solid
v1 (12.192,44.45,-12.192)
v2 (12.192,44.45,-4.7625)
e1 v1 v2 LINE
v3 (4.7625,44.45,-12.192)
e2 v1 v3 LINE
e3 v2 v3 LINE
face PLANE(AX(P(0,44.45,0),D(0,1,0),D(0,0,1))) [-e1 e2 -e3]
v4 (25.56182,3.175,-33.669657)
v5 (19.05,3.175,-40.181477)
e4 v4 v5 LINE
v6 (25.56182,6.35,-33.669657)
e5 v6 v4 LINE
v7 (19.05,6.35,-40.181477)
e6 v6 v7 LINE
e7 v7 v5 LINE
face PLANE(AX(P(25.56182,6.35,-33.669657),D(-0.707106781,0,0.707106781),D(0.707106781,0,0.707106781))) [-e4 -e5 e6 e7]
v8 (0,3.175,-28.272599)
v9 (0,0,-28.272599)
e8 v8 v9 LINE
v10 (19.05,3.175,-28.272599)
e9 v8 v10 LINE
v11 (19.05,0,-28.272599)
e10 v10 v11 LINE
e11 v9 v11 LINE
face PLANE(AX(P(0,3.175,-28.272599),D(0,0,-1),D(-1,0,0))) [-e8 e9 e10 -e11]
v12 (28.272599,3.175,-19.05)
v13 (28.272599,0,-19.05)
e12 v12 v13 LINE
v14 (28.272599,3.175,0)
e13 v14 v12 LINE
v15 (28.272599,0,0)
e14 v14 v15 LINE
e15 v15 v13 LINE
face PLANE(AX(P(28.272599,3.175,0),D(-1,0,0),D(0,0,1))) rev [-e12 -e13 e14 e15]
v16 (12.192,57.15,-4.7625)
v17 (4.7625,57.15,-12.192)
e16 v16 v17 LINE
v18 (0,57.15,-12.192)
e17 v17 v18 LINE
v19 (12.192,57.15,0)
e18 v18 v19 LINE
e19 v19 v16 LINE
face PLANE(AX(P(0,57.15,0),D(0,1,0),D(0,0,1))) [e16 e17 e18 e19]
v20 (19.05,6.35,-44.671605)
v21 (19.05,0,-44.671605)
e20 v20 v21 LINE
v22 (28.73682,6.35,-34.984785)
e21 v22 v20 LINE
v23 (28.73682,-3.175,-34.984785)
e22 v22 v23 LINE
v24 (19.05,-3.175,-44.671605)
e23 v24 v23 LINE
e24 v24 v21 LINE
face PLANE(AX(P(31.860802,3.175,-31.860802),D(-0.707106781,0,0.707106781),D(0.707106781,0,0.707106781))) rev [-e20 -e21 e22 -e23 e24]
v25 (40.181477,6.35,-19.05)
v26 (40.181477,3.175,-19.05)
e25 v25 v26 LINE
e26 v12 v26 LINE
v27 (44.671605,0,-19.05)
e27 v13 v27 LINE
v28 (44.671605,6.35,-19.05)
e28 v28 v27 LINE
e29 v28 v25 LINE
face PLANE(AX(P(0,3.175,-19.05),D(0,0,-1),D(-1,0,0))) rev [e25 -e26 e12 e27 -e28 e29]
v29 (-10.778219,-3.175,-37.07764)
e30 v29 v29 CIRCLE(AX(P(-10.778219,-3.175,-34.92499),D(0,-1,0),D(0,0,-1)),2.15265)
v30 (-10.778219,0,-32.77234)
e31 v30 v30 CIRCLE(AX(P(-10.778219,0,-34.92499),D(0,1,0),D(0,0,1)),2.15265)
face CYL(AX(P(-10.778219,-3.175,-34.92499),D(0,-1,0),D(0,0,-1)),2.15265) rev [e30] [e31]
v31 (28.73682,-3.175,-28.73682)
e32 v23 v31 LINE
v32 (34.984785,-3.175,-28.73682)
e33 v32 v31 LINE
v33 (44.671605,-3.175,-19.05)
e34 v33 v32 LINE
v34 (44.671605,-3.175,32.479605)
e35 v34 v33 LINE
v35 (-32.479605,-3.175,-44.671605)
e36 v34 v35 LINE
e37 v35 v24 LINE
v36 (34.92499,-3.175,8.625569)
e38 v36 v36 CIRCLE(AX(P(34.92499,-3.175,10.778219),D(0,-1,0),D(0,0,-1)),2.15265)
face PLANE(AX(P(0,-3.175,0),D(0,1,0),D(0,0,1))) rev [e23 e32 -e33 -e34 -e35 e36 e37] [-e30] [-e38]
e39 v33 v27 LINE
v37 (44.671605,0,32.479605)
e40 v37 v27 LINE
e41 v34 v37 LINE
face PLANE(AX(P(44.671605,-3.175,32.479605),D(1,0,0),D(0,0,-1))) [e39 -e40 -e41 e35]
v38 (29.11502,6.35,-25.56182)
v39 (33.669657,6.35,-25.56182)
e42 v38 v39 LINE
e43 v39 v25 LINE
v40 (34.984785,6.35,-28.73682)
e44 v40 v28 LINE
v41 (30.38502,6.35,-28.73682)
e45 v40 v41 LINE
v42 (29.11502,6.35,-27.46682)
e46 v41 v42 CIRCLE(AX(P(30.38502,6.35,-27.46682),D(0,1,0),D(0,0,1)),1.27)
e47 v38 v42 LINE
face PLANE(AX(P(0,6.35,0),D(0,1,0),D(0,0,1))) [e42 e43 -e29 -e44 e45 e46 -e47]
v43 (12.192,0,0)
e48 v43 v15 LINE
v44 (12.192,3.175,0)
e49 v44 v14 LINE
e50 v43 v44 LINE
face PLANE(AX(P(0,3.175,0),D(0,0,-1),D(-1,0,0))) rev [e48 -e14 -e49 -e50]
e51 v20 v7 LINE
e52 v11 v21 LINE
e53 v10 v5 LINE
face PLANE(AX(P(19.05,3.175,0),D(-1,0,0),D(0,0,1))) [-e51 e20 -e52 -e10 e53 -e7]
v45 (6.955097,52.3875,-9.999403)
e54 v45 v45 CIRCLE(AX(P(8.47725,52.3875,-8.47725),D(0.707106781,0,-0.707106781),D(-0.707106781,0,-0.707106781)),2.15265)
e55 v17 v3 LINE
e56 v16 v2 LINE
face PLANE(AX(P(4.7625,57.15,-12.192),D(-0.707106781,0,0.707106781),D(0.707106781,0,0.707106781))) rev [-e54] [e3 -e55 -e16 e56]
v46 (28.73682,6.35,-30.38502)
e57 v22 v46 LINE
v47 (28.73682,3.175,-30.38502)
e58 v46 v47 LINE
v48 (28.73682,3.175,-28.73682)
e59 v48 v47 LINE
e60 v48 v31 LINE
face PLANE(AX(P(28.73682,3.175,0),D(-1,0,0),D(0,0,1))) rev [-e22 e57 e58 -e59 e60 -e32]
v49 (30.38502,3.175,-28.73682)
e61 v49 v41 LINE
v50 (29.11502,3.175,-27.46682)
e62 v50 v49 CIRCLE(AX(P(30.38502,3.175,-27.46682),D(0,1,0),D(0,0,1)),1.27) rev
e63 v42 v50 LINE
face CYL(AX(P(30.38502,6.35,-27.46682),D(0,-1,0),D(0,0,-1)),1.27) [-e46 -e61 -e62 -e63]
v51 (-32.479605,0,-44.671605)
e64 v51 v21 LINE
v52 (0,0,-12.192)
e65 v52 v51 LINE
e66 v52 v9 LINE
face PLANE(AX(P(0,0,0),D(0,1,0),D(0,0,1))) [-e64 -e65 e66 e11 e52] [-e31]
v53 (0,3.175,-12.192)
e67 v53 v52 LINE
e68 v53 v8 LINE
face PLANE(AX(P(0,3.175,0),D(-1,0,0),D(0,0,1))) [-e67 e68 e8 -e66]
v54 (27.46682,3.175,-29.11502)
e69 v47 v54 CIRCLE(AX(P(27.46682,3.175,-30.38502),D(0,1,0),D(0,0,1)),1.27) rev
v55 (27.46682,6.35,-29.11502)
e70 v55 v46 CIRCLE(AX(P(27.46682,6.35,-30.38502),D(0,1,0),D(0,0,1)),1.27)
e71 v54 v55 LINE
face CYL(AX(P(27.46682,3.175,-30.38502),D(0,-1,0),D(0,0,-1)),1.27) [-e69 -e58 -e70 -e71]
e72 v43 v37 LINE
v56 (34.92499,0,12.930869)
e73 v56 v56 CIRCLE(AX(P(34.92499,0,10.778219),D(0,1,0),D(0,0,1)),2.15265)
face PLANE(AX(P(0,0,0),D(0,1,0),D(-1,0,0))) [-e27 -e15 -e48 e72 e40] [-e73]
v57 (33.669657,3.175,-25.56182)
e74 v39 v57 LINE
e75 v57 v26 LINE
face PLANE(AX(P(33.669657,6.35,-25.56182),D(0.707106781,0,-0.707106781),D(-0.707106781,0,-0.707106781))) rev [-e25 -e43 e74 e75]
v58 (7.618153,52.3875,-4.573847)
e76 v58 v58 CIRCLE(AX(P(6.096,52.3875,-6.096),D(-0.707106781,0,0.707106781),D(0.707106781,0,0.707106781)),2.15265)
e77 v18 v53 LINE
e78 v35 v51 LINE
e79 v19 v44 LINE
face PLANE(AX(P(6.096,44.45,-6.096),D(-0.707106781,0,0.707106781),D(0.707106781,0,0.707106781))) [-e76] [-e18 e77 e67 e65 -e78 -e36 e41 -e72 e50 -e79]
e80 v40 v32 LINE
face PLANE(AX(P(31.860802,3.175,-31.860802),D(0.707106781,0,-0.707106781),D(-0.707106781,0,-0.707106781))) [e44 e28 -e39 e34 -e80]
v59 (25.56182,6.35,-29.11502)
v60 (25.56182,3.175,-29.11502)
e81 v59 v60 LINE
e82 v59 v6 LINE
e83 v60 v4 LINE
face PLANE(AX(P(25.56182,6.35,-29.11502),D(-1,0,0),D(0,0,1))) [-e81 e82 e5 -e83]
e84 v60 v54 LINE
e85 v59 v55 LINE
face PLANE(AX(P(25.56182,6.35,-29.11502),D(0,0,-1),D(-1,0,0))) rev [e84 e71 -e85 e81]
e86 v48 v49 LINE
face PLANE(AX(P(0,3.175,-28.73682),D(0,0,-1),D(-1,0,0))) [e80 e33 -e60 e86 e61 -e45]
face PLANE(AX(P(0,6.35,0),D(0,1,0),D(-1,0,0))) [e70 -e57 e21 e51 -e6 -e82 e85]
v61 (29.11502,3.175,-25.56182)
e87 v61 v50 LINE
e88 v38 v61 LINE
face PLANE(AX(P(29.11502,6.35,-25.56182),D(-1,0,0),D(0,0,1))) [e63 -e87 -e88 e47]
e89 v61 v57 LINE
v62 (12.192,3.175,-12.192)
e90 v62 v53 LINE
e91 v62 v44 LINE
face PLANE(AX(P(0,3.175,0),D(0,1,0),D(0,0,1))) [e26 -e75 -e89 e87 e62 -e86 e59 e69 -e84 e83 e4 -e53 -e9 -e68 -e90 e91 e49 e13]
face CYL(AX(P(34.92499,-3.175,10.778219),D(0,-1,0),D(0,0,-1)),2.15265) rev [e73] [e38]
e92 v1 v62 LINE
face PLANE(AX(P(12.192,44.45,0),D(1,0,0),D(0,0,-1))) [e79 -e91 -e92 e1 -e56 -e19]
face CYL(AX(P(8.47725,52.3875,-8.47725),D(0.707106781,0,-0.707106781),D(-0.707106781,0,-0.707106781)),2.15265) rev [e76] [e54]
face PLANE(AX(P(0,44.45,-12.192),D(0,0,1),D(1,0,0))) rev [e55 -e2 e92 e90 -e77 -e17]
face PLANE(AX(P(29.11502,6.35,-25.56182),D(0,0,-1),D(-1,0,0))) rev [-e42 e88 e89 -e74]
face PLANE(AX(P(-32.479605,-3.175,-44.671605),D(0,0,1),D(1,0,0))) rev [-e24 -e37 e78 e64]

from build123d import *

# Parameters (mm, degrees)
BOSS_EXTRUDE1_DEPTH          = 3.175
BOSS_EXTRUDE2_DEPTH          = 3.175
FILLET1_R                    = 1.27
BOSS_EXTRUDE3_DEPTH          = 41.275
FILLET1_OF_MIRROR2_R         = 1.27
BOSS_EXTRUDE4_DEPTH          = 12.7
F_18_0_1695_DIAMETER_HOLE1_D = 4.3053
CUT_EXTRUDE1_DEPTH           = 9.525
BOSS_EXTRUDE5_DEPTH          = 3.175
F_18_0_1695_DIAMETER_HOLE2_D = 4.3053


with BuildPart() as part:
    # Sketch1 → Boss-Extrude1 (new body)
    with BuildSketch(Plane(origin=(0, 0, 0), x_dir=(1, 0, 0), z_dir=(0, 1, 0))):
        Polygon((34.984785044, 28.736819587), (28.736819587, 28.736819587), (0, 0), (28.272599075, 0), (28.272599075, 19.05), (44.671604631, 19.05), align=None)
    boss_extrude1 = extrude(amount=BOSS_EXTRUDE1_DEPTH)

    # Mirror1: Boss-Extrude1 across plane
    add(boss_extrude1.mirror(Plane(origin=(0, 3.175, 0), x_dir=(-0.7071067811865507, 0, 0.7071067811865444), z_dir=(-0.7071067811865446, 0, -0.7071067811865506))))

    # Sketch2 → Boss-Extrude2 (add)
    with BuildSketch(Plane(origin=(0, 3.175, 0), x_dir=(1, 0, 0), z_dir=(0, 1, 0))):
        Polygon((29.11502011, 25.561819587), (29.11502011, 28.736819587), (34.984785044, 28.736819587), (44.671604631, 19.05), (40.181476571, 19.05), (33.669656983, 25.561819587), align=None)
    boss_extrude2 = extrude(amount=BOSS_EXTRUDE2_DEPTH)

    # Fillet1
    fillet1_edges = [part.edges().sort_by_distance(p)[0] for p in [
        (29.11502011, 4.7625, -28.736819587),
    ]]
    fillet(fillet1_edges, radius=FILLET1_R)

    # Sketch2<3> → Boss-Extrude3 (add)
    with BuildSketch(Plane(origin=(0, 3.175, 0), x_dir=(1, 0, 0), z_dir=(0, 1, 0))):
        Polygon((12.192, 0), (12.192, 12.192), (6.096, 6.096), align=None)
    boss_extrude3 = extrude(amount=BOSS_EXTRUDE3_DEPTH)

    # Mirror2: Boss-Extrude2, Boss-Extrude3 across plane
    add(boss_extrude2.mirror(Plane(origin=(0, 0, 0), x_dir=(-0.7071067811865506, 0, 0.7071067811865445), z_dir=(0.7071067811865445, 0, 0.7071067811865506))))
    add(boss_extrude3.mirror(Plane(origin=(0, 0, 0), x_dir=(-0.7071067811865506, 0, 0.7071067811865445), z_dir=(0.7071067811865445, 0, 0.7071067811865506))))

    # Fillet1 of Mirror2
    fillet1_of_mirror2_edges = [part.edges().sort_by_distance(p)[0] for p in [
        (28.736819587, 4.7625, -29.11502011),
    ]]
    fillet(fillet1_of_mirror2_edges, radius=FILLET1_OF_MIRROR2_R)

    # Sketch4 → Boss-Extrude4 (add)
    with BuildSketch(Plane(origin=(0, 44.45, 0), x_dir=(1, 0, 0), z_dir=(0, 1, 0))):
        Polygon((12.192, 0), (0, 12.192), (4.7625, 12.192), (12.192, 4.7625), align=None)
    extrude(amount=BOSS_EXTRUDE4_DEPTH)

    # #18 (0.1695) Diameter Hole1 (through all)
    with Locations(Plane(origin=(8.47725, 0, -8.47725), x_dir=(-0.7071067811865449, 0, -0.7071067811865502), z_dir=(0.7071067811865502, 0, -0.7071067811865449))):
        with Locations((0, 52.3875)):
            Hole(F_18_0_1695_DIAMETER_HOLE1_D / 2)

    # Sketch7 → Cut-Extrude1 (cut)
    with BuildSketch(Plane(origin=(0, 3.175, 0), x_dir=(1, 0, 0), z_dir=(0, 1, 0))):
        Polygon((0, 0), (12.192, 0), (0, 12.192), align=None)
    extrude(amount=-CUT_EXTRUDE1_DEPTH, mode=Mode.SUBTRACT)

    # Sketch8 → Boss-Extrude5 (add)
    with BuildSketch(Plane(origin=(0, 0, 0), x_dir=(-1, 0, 0), z_dir=(0, -1, 0))):
        Polygon((-6.096, 6.096), (32.479604631, 44.671604631), (-19.05, 44.671604631), (-28.736819587, 34.984785044), (-28.736819587, 28.736819587), align=None)
    boss_extrude5 = extrude(amount=BOSS_EXTRUDE5_DEPTH)

    # Mirror3: Boss-Extrude5 across plane
    add(boss_extrude5.mirror(Plane(origin=(0, 0, 0), x_dir=(-0.7071067811865506, 0, 0.7071067811865445), z_dir=(0.7071067811865445, 0, 0.7071067811865506))))

    # #18 (0.1695) Diameter Hole2 (through all)
    with Locations(Plane(origin=(0, -3.175, 0), x_dir=(-1, 0, 0), z_dir=(0, -1, 0))):
        with Locations((-34.924989631, -10.778219281)):
            f_18_0_1695_diameter_hole2 = Hole(F_18_0_1695_DIAMETER_HOLE2_D / 2)

    # Mirror4: #18 (0.1695) Diameter Hole2 across plane
    add(f_18_0_1695_diameter_hole2.mirror(Plane(origin=(0, 0, 0), x_dir=(-0.7071067811865506, 0, 0.7071067811865445), z_dir=(0.7071067811865445, 0, 0.7071067811865506))), mode=Mode.SUBTRACT)


solid = part.part
